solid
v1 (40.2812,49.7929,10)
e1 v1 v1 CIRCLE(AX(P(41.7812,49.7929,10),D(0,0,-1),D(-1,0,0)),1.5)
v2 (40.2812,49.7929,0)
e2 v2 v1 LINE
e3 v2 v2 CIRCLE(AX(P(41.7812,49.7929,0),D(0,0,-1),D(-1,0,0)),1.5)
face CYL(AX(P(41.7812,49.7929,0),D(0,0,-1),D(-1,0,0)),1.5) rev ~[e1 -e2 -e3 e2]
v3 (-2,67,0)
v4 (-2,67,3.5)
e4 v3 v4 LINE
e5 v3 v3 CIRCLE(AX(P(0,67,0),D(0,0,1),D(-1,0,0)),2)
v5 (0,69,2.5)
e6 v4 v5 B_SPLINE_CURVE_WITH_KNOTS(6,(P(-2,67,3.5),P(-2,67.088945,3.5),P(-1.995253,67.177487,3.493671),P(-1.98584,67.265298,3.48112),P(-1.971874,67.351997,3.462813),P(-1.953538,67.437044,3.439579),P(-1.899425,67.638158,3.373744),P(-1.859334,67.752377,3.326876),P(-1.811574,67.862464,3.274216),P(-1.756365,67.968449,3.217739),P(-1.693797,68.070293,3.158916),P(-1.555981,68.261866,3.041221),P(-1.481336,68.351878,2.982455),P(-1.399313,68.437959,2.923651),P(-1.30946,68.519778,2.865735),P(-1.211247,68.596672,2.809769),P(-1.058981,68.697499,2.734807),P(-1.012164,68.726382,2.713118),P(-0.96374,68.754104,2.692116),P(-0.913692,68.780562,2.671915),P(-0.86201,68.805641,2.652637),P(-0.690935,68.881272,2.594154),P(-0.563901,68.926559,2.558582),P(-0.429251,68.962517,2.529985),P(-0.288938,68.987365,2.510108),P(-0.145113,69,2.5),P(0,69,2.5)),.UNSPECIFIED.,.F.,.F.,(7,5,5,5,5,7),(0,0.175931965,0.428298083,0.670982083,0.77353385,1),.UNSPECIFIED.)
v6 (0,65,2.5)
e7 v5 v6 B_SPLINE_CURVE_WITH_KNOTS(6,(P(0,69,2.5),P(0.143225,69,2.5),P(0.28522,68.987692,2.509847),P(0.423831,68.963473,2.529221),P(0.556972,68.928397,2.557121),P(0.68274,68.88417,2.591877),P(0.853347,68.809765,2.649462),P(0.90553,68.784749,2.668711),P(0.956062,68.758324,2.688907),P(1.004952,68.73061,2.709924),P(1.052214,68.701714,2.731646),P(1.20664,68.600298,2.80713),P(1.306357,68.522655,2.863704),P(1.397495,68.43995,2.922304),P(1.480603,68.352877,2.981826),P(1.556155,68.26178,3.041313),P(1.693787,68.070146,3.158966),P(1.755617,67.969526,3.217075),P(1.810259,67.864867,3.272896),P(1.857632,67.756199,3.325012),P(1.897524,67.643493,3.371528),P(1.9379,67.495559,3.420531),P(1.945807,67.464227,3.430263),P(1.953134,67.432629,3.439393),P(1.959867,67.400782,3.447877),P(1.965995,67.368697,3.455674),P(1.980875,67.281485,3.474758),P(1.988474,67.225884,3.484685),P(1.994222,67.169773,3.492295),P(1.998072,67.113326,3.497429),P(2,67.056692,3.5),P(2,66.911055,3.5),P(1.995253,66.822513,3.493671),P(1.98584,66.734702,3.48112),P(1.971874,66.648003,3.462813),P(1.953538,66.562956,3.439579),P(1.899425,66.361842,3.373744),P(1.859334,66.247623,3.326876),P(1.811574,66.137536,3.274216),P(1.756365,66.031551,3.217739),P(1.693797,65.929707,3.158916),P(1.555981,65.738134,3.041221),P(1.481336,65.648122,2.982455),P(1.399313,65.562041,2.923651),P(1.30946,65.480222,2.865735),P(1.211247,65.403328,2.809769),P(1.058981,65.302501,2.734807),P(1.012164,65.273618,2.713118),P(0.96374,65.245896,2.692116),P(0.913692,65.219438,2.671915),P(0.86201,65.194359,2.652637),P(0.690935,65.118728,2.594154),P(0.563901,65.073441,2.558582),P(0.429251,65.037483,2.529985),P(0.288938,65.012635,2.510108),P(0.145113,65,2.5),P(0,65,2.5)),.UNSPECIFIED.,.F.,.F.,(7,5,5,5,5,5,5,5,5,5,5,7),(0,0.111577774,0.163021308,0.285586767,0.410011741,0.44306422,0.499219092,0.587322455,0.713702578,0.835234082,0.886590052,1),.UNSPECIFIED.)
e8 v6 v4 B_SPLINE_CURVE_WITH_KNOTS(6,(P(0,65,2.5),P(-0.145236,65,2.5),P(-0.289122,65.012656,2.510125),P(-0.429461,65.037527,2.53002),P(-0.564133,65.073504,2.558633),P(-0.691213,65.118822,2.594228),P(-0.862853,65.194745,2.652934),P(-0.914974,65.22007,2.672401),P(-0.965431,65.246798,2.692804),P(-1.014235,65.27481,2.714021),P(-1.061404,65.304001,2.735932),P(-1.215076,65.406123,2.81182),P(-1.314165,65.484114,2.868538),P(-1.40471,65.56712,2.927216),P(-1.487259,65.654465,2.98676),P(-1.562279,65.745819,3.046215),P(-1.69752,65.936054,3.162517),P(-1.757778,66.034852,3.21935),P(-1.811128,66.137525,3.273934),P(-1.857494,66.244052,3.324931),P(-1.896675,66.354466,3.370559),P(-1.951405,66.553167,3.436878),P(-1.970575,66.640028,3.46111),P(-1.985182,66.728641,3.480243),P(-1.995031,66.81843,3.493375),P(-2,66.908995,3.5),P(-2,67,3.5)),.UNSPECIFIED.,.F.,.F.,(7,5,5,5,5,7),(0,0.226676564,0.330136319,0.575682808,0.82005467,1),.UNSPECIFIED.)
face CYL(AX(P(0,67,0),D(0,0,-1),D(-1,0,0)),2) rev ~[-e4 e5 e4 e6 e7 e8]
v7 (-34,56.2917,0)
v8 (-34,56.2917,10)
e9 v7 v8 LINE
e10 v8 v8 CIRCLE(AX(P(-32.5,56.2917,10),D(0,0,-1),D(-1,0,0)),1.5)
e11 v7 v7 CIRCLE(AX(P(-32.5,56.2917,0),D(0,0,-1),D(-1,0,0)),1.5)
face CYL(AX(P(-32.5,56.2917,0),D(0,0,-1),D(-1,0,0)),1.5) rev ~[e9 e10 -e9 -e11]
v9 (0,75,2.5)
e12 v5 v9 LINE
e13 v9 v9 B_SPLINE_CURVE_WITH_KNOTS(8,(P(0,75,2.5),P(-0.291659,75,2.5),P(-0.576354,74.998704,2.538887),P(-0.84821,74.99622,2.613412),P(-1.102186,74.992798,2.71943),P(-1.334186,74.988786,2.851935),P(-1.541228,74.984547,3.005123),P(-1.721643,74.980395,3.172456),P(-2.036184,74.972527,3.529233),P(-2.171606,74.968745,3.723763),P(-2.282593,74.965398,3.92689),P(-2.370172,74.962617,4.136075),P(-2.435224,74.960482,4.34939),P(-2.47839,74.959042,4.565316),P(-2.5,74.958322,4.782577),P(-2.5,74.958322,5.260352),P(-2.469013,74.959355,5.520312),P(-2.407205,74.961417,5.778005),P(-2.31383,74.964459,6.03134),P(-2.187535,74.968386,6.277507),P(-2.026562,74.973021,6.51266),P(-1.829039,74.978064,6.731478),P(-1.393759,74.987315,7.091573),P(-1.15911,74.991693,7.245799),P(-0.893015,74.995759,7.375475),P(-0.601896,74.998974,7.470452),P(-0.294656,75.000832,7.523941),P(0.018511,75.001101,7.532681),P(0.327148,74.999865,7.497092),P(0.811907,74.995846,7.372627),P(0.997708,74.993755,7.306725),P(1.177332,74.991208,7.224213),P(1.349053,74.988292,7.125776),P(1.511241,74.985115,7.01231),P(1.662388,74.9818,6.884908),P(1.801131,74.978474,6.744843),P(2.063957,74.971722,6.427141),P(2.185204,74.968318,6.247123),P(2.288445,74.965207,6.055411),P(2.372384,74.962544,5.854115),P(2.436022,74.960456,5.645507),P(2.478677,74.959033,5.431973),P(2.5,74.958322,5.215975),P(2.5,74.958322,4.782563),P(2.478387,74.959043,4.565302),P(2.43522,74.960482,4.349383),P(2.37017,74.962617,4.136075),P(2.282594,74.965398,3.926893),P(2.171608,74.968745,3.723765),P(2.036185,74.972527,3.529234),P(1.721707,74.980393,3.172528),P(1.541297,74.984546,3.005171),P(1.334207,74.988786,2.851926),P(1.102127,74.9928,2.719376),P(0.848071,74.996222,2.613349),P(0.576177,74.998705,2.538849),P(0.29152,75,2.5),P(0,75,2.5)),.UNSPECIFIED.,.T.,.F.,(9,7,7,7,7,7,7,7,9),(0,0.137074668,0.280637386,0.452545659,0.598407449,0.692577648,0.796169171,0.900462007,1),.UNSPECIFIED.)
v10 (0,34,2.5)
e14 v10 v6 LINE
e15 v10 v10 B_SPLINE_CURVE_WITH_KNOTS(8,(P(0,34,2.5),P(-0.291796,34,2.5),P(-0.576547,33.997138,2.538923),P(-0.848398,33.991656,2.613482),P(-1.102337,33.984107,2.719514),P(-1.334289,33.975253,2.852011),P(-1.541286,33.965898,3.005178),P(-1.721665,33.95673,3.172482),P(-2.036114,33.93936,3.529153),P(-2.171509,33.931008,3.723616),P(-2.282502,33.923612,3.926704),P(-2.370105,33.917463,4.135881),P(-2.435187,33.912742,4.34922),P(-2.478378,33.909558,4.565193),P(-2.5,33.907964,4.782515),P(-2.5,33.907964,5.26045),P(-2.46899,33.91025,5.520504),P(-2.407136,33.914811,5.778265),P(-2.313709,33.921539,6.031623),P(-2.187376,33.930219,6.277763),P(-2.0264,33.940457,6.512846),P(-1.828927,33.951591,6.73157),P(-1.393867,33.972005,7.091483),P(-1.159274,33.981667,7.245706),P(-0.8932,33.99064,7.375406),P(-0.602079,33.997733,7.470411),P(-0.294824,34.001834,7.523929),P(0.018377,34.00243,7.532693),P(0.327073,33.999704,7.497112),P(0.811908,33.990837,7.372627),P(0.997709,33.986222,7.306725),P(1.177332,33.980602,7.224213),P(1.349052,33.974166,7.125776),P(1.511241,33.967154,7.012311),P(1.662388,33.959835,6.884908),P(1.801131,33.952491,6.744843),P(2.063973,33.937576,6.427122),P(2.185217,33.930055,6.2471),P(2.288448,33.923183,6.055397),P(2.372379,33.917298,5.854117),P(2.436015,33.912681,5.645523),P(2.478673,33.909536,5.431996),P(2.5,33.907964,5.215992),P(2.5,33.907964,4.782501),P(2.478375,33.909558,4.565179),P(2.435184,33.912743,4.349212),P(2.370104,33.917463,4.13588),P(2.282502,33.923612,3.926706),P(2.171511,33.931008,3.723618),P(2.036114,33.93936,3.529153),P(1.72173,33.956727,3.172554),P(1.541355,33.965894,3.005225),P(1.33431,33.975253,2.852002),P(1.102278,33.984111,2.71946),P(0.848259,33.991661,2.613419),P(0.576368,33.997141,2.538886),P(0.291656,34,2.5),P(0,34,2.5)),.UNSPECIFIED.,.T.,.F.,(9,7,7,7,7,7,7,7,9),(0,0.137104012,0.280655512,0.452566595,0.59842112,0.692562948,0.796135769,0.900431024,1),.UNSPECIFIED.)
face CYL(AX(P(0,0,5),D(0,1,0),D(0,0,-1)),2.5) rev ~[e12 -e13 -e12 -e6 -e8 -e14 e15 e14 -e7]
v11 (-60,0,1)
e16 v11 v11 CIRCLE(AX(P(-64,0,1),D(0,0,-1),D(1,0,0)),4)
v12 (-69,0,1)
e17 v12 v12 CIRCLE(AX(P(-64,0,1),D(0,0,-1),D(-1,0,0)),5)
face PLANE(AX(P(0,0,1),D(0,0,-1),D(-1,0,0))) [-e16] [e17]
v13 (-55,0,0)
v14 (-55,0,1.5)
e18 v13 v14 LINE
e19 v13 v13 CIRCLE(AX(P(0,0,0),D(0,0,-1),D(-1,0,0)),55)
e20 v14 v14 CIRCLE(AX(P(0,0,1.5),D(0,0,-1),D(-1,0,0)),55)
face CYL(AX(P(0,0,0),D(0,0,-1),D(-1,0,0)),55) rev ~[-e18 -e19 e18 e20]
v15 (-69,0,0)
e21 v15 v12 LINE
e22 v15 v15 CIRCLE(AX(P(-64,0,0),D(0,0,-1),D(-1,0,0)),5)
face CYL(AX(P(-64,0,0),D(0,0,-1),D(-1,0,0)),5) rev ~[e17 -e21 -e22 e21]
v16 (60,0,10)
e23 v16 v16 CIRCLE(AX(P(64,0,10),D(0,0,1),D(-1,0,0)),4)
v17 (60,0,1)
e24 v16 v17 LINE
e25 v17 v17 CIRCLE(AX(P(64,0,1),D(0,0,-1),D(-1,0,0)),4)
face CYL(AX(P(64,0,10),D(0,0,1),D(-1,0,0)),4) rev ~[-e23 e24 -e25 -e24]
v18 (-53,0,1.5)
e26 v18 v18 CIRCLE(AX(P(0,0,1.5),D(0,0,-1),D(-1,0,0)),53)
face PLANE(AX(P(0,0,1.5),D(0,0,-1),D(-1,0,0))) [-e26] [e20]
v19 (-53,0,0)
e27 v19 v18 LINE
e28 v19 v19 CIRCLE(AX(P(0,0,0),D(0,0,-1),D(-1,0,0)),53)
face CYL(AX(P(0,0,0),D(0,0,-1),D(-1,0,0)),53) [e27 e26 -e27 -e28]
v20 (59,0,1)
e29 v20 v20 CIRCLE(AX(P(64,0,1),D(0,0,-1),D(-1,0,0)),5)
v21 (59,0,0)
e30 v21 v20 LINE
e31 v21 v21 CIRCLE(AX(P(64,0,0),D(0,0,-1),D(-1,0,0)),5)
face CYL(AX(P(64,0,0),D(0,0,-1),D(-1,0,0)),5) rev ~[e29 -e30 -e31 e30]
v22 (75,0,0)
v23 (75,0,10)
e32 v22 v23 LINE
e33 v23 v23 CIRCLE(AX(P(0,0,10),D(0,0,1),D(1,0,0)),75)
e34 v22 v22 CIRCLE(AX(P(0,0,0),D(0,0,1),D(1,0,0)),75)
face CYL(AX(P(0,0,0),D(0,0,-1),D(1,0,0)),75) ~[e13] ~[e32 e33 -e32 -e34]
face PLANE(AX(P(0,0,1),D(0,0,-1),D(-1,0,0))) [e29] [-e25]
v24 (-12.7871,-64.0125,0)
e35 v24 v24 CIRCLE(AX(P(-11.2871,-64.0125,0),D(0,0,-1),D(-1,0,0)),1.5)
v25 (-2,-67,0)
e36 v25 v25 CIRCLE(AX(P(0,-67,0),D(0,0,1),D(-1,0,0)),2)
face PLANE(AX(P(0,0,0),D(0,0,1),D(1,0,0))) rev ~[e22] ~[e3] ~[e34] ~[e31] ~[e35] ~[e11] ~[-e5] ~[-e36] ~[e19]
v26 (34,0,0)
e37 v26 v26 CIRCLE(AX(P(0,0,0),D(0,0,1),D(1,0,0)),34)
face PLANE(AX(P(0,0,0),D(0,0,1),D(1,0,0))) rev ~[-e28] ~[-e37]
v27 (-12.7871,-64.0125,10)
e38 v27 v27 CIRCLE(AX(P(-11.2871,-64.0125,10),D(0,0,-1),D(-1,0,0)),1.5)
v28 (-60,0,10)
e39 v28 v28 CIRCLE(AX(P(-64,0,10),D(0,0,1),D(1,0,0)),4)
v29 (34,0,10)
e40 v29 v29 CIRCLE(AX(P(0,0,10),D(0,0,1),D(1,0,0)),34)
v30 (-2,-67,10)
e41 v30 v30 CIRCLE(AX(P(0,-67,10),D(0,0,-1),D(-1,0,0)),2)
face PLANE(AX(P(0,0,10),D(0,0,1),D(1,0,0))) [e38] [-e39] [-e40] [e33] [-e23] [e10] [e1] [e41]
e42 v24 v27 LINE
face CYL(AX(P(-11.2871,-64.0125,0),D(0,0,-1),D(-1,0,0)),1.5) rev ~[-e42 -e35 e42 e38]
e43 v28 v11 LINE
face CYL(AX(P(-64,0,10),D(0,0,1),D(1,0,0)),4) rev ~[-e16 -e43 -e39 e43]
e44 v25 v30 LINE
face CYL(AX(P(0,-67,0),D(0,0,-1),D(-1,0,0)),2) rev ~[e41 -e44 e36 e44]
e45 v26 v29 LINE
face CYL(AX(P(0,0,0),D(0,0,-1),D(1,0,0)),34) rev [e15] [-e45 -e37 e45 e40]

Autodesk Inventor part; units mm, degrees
ref_plane "YZ Plane" through (0, 0, 0) normal (1, 0, 0) x (0, 1, 0)
ref_plane "XZ Plane" through (0, 0, 0) normal (0, 1, 0) x (-1, 0, 0)
ref_plane "XY Plane" through (0, 0, 0) normal (0, 0, 1) x (1, 0, 0)
sketch "Эскиз1" plane through (0, 0, 0) normal (0, 0, 1) x (1, 0, 0)
  circle A0 centre (0, 0) radius 75
  circle A1 centre (0, 0) radius 34
  dimension "d0" = 150
  dimension "d1" = 68
extrude "Выдавливание1" add sketch "Эскиз1" along normal blind 10
sketch "Эскиз2" plane through (0, 0, 10) normal (0, 0, 1) x (1, 0, 0)
  circle A0 centre (-64, 0) radius 4
  point P0 (0, 0)
  dimension "d4" = 8
  dimension "d5" = 64
extrude "Выдавливание2" cut sketch "Эскиз2" against normal blind 12
pattern_circular "Круговой массив1" count 2 over 360 about axis through (0, 0, 0) along (0, 0, 1) of "Выдавливание2"
sketch "Эскиз3" plane through (0, 0, 0) normal (0, 1, 0) x (-1, 0, 0)
  line L0 (0, 0) -> (0, 5)
  dimension "d32" = 5
hole "Отверстие1" at (0, 0, 5) direction (0, 1, 0) diameter 4.9 end through all counterbore diameter 5 counterbore depth 75.455
sketch "Эскиз4" plane through (0, 0, 0) normal (0, 0, -1) x (-1, 0, 0)
  circle A0 centre (0, 0) radius 34 projected
  line L0 (0, -34) -> (0, -67)
  circle A1 centre (0, -67) radius 2
  dimension "d18" = 33
  dimension "d33" = 4
extrude "Выдавливание3" cut sketch "Эскиз4" against normal blind 12 contours A1
sketch "Эскиз6" plane through (0, 0, 0) normal (0, 0, -1) x (-1, 0, 0)
  line L0 (0, 0) -> (0, 67)
  circle A0 centre (0, 67) radius 2
  dimension "d34" = 67
  dimension "d35" = 4
extrude "Выдавливание5" cut sketch "Эскиз6" against normal blind 5
sketch "Эскиз7" plane through (0, 0, 0) normal (0, 0, -1) x (-1, 0, 0)
  circle A0 centre (64, 0) radius 4 projected
  circle A1 centre (-64, 0) radius 4 projected
  circle A2 centre (64, 0) radius 5
  circle A3 centre (-64, 0) radius 5
  point P0 (0, 0)
  dimension "d38" = 10
  dimension "d39" = 10
extrude "Выдавливание6" cut sketch "Эскиз7" against normal blind 1
sketch "Эскиз8" plane through (0, 0, 0) normal (0, 0, -1) x (-1, 0, 0)
  circle A0 centre (32.5, 56.2917) radius 1.5 projected
  circle A1 centre (11.2871, -64.0125) radius 1.5 projected
  circle A2 centre (-41.7812, 49.7929) radius 1.5 projected
  point P0 (0, 0)
extrude "Выдавливание7" cut sketch "Эскиз8" against normal through all
sketch "Эскиз9" plane through (0, 0, 0) normal (0, 0, -1) x (-1, 0, 0)
  circle A0 centre (0, 0) radius 53
  circle A1 centre (0, 0) radius 55
  dimension "d44" = 106
  dimension "d45" = 110
extrude "Выдавливание8" cut sketch "Эскиз9" against normal blind 1.5
properties part number "В сальник" material "Чугун, серый"
